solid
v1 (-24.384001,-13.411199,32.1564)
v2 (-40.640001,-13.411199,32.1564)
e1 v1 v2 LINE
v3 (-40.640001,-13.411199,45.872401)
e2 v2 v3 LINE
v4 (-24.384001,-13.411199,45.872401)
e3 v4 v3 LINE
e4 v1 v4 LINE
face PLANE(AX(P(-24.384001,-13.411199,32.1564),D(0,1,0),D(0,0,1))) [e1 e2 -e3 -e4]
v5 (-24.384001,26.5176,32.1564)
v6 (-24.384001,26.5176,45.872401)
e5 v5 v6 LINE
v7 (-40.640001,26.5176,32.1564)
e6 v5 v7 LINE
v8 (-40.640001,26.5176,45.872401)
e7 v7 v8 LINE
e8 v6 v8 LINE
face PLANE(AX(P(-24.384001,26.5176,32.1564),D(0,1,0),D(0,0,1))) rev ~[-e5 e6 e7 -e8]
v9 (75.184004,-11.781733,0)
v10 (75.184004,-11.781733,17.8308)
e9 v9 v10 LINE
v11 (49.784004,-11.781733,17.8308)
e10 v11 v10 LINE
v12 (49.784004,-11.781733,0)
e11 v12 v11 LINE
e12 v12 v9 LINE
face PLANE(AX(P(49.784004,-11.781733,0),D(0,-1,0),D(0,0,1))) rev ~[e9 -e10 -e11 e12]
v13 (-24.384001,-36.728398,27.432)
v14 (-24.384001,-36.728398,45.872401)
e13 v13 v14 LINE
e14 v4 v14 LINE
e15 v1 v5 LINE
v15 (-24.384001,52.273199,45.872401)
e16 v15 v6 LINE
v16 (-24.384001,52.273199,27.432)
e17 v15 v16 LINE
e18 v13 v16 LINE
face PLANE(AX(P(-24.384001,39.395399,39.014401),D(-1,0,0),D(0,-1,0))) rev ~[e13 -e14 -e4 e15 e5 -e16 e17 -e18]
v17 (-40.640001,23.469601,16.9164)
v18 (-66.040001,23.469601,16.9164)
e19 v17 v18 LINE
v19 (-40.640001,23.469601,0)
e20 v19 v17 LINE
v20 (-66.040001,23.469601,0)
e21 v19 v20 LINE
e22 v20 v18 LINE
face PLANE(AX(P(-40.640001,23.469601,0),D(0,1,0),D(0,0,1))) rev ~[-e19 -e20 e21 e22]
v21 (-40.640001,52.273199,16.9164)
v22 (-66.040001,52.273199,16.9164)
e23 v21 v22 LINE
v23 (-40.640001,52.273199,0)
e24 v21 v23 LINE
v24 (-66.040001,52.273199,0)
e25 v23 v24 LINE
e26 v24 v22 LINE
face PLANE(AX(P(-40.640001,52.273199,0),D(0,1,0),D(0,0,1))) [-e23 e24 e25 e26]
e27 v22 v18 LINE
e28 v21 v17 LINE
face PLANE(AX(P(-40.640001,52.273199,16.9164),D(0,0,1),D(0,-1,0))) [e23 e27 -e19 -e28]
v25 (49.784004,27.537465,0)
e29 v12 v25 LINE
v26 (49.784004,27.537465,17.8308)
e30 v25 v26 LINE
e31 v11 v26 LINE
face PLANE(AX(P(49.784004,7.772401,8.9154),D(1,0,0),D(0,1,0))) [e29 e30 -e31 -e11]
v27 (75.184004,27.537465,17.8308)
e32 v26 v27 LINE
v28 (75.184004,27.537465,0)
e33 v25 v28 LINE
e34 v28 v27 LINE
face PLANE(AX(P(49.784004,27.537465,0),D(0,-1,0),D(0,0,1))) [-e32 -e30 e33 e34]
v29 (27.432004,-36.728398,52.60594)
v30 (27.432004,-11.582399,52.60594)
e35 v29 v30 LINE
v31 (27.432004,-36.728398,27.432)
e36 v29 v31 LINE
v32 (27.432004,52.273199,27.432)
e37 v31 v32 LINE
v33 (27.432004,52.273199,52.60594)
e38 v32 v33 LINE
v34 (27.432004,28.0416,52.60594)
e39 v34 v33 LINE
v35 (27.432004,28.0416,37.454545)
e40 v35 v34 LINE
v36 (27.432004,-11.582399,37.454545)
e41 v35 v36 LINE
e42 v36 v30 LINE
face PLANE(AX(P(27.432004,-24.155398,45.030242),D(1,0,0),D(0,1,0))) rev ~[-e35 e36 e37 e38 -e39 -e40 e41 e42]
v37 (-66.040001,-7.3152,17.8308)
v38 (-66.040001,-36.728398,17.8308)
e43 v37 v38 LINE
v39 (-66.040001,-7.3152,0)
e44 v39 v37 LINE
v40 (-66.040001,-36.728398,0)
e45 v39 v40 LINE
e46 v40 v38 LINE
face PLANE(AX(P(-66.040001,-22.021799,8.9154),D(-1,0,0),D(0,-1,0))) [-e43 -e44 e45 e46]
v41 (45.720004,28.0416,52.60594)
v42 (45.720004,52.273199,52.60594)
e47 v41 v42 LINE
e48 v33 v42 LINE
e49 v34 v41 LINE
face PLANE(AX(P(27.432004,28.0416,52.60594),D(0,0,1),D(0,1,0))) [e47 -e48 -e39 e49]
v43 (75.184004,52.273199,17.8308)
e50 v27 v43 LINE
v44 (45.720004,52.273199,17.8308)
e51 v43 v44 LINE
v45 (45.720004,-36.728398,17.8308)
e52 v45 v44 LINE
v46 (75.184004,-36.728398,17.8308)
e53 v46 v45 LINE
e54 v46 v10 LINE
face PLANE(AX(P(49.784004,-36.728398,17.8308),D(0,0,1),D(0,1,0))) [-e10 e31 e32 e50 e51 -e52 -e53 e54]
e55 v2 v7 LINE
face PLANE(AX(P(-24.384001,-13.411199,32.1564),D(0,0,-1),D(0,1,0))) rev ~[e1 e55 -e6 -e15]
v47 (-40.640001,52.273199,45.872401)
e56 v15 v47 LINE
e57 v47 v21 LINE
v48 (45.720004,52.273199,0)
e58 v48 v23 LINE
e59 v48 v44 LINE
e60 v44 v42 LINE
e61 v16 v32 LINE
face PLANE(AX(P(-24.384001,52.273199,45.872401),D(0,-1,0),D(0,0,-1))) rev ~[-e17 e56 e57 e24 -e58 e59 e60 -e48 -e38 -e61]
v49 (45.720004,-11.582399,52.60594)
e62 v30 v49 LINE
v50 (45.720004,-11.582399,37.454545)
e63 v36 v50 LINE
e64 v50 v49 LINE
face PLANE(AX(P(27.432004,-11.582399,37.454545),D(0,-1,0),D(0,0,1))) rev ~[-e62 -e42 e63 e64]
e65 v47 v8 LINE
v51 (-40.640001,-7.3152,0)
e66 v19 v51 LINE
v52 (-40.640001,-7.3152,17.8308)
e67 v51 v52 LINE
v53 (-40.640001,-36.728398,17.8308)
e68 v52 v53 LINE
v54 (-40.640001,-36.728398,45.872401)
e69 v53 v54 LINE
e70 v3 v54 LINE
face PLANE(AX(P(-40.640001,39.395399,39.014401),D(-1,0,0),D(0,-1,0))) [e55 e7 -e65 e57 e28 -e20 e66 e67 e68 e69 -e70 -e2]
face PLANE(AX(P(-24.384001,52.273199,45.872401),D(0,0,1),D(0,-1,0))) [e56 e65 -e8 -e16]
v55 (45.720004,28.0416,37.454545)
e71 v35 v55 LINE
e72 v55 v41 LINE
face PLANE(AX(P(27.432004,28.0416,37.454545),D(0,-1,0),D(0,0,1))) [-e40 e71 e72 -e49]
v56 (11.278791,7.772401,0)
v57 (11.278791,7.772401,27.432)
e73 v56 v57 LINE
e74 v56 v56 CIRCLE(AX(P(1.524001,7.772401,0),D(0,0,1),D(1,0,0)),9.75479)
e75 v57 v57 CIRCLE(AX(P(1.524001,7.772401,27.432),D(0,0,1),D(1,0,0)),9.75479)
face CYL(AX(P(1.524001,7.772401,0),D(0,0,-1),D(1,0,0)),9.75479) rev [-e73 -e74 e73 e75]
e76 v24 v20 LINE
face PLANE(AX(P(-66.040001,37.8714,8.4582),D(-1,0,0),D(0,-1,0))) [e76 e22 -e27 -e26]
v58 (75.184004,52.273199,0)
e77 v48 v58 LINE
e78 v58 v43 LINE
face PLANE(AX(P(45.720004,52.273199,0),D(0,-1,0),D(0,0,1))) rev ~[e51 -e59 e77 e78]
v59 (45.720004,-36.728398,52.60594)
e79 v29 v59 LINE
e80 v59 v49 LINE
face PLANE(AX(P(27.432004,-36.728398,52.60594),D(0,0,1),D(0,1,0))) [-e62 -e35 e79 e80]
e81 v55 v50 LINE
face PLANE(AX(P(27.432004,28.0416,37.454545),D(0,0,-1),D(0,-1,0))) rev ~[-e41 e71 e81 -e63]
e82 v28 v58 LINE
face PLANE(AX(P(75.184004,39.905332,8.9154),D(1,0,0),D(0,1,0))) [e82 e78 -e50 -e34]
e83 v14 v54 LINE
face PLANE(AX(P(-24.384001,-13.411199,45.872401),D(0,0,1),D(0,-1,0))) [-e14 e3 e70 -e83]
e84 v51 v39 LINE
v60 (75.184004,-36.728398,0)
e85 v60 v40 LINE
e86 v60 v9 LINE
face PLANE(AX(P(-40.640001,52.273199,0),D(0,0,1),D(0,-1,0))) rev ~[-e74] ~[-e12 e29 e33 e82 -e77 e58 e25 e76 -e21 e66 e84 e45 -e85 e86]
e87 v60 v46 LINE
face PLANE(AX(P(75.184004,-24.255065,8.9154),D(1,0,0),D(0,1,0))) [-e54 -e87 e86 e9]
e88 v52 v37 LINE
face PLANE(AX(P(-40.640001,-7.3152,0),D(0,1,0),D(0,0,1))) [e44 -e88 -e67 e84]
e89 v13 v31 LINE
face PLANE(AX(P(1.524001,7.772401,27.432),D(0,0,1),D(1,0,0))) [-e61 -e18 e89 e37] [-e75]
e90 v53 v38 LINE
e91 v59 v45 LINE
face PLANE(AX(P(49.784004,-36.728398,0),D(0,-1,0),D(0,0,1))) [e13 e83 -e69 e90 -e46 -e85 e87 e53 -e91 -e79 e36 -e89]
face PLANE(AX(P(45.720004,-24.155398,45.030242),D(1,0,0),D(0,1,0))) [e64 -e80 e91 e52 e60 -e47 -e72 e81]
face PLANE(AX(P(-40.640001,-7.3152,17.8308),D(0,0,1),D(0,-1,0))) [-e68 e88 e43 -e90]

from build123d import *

# Parameters (mm, degrees)
F0_W      = 51.8160052598
F0_H      = 89.0015969053
F0_R      = 9.7547897259
F1_DEPTH  = 27.432
F2_W      = 25.1459991559
F2_H      = 15.1513946929
F2_W_2    = 24.2315987125
F3_DEPTH  = 18.288
F4_W      = 25.7555991411
F4_H      = 13.7160010636
F4_W_2    = 23.3171992004
F5_DEPTH  = 16.256
F6_W      = 89.0015969053
F6_H      = 17.8308002651
F7_DEPTH  = 4.064
F8_W      = 24.9466653913
F8_H      = 17.8308002651
F8_W_2    = 24.7357338667
F9_DEPTH  = 25.4
F10_W     = 28.8035981357
F10_H     = 16.9163998216
F10_W_2   = 29.4131976552
F10_H_2   = 17.8308002651
F11_DEPTH = 25.4


with BuildPart() as f1:
    # F0 (on Top) → F1 (new body)
    with BuildSketch(Plane.XY):
        with Locations((1.5240013599, 7.7724005096)):
            Rectangle(F0_W, F0_H)
        with Locations((1.5240013599, 7.7724005096)):
            Circle(F0_R, mode=Mode.SUBTRACT)
    extrude(amount=F1_DEPTH)

    # F2 (on face) → F3 (join)
    with BuildSketch(Plane.YZ.offset(27.4320039898)):
        with Locations((-24.1553983651, 45.0302423907)):
            Rectangle(F2_W, F2_H)
        Polygon((-11.5823987871, 37.4545450442), (-36.7283979431, 37.4545450442), (-36.7283979431, 0), (52.2731989622, 0), (52.2731989622, 37.4545450442), (28.0416002497, 37.4545450442), align=None)
        with Locations((40.157399606, 45.0302423907)):
            Rectangle(F2_W_2, F2_H)
    extrude(amount=F3_DEPTH)

    # F4 (on face) → F5 (join)
    with BuildSketch(Plane(origin=(-24.3840012699, 0, 0), x_dir=(0, -1, 0), z_dir=(-1, 0, 0))):
        with Locations((-39.3953993917, 39.0144009143)):
            Rectangle(F4_W, F4_H)
        Polygon((-26.5175998211, 32.1564003825), (-52.2731989622, 32.1564003825), (-52.2731989622, 0), (36.7283979431, 0), (36.7283979431, 32.1564003825), (13.4111987427, 32.1564003825), align=None)
        with Locations((25.0697983429, 39.0144009143)):
            Rectangle(F4_W_2, F4_H)
    extrude(amount=F5_DEPTH)

    # F6 (on face) → F7 (join)
    with BuildSketch(Plane.YZ.offset(45.7200039898)):
        with Locations((7.7724005096, 8.9154001325)):
            Rectangle(F6_W, F6_H)
    extrude(amount=F7_DEPTH)

    # F8 (on face) → F9 (join)
    with BuildSketch(Plane.YZ.offset(49.7840039898)):
        with Locations((-24.2550652474, 8.9154001325)):
            Rectangle(F8_W, F8_H)
        with Locations((39.9053320289, 8.9154001325)):
            Rectangle(F8_W_2, F8_H)
    extrude(amount=F9_DEPTH)

    # F10 (on face) → F11 (join)
    with BuildSketch(Plane(origin=(-40.6400012699, 0, 0), x_dir=(0, -1, 0), z_dir=(-1, 0, 0))):
        with Locations((-37.8713998944, 8.4581999108)):
            Rectangle(F10_W, F10_H)
        with Locations((22.0217991155, 8.9154001325)):
            Rectangle(F10_W_2, F10_H_2)
    extrude(amount=F11_DEPTH)


solid = f1.part
